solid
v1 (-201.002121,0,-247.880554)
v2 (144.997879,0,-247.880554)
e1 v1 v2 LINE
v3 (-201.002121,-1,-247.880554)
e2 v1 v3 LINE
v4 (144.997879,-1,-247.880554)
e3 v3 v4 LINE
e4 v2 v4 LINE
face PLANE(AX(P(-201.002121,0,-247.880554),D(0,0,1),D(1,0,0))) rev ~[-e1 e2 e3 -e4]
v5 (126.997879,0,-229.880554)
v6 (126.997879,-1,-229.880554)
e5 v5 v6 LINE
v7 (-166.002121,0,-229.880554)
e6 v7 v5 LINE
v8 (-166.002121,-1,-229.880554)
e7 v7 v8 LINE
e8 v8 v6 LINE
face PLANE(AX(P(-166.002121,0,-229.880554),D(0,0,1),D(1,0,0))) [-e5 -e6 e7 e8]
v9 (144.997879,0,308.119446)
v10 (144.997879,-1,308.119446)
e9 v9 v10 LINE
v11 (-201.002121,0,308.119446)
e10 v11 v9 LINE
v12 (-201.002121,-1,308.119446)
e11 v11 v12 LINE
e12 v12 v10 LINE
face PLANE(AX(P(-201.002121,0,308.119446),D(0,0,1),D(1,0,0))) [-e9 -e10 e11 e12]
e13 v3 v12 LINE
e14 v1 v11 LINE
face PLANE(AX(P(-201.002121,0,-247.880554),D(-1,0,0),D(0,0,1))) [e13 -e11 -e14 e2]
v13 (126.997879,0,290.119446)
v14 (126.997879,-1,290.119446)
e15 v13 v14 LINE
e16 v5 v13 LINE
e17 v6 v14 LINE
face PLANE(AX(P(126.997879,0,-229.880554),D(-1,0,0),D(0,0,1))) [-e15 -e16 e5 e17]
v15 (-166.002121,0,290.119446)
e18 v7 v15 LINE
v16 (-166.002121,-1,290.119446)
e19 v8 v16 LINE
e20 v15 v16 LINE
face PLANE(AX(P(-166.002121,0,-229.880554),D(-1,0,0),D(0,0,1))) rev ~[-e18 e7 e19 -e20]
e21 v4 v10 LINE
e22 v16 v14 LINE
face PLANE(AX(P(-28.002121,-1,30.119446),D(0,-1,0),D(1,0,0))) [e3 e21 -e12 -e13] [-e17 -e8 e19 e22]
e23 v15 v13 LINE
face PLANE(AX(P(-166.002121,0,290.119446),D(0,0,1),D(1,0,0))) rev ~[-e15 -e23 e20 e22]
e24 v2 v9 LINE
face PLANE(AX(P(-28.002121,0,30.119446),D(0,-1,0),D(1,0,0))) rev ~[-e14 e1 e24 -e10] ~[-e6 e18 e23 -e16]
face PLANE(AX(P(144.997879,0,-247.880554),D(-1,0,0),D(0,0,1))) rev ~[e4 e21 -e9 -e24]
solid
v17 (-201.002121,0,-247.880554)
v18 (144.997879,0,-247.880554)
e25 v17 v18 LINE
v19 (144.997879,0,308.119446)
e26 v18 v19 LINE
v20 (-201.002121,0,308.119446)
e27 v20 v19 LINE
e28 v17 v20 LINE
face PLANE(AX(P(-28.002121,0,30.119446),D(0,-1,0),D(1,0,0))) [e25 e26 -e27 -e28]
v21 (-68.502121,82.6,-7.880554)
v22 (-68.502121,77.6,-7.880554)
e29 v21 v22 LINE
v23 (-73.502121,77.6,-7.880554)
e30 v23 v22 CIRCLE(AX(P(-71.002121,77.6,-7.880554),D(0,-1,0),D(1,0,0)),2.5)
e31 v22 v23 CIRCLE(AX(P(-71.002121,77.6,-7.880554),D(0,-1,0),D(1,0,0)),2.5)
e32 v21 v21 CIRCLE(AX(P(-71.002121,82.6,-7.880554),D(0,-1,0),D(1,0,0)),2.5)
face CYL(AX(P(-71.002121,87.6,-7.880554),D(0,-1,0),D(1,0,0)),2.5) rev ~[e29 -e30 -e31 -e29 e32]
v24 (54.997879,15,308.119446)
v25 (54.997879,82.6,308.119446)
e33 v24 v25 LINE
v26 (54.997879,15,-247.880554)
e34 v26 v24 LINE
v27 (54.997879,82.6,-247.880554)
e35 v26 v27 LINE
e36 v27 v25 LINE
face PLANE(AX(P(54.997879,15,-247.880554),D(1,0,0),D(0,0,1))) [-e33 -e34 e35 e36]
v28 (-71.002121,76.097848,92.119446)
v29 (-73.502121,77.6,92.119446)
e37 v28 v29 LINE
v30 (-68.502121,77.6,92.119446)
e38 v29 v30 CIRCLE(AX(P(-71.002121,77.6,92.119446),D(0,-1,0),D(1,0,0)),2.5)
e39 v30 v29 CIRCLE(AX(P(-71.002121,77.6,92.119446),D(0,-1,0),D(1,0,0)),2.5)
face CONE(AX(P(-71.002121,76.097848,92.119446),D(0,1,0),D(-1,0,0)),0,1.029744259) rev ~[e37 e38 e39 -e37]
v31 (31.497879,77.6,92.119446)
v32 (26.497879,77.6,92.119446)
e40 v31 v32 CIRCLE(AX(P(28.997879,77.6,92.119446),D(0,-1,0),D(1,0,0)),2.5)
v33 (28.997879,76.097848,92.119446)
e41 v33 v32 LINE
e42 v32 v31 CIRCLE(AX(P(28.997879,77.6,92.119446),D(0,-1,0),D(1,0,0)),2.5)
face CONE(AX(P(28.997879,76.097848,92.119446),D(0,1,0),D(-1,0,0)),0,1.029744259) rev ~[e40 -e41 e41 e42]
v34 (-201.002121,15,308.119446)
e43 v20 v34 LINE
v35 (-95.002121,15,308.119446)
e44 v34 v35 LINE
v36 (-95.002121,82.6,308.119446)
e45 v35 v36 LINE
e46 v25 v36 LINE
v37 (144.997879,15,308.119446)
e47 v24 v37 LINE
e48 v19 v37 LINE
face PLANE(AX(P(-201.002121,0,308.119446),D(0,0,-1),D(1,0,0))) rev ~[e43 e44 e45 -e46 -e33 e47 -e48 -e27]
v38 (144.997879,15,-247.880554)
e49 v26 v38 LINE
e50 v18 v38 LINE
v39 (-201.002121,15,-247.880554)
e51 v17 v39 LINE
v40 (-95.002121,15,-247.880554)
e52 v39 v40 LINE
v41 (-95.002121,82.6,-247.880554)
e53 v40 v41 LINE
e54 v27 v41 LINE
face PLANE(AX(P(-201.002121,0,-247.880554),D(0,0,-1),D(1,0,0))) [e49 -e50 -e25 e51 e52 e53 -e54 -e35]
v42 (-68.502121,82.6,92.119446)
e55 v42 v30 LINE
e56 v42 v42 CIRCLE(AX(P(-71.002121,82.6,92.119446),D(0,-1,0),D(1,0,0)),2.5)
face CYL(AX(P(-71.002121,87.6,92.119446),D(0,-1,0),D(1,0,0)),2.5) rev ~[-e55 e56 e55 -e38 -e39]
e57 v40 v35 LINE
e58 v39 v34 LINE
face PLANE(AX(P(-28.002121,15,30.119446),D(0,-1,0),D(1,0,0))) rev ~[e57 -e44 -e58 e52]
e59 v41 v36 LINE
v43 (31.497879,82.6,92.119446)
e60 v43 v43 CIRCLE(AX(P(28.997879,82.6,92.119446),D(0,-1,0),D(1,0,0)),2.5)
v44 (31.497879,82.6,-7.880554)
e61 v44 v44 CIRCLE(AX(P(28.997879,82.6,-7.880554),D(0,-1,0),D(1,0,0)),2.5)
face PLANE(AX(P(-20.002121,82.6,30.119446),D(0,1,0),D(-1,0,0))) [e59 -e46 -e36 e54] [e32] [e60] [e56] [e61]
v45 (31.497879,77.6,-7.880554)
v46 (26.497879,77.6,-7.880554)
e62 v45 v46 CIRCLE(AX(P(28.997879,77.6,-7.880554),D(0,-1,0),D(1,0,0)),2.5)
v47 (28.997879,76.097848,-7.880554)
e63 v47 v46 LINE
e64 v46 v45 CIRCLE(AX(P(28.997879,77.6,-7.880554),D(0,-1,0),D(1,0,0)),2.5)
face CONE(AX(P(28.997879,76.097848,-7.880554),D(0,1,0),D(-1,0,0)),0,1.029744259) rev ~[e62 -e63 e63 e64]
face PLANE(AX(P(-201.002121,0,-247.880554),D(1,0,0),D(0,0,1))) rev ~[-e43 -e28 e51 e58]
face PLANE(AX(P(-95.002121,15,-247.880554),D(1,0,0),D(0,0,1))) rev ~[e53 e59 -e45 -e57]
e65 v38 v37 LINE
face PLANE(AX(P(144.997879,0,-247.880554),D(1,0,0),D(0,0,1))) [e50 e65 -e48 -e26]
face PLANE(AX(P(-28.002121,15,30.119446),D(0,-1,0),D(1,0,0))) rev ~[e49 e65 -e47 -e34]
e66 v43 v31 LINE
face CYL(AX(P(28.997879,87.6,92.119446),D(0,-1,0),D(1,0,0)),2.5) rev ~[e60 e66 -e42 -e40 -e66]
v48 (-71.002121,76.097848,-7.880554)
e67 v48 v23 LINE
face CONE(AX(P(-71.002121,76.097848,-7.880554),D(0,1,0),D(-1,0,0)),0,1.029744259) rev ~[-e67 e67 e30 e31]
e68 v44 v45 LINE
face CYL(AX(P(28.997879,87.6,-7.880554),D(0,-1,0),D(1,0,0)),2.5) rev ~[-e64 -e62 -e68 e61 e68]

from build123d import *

# Parameters (mm, degrees)
F2_W     = 346
F2_H     = 556
F3_DEPTH = 15
F4_W     = 150
F4_H     = 556
F5_DEPTH = 67.6
F7_D     = 5
F7_DEPTH = 5
F7_TIP   = 1.5021515476
F8_W     = 346
F8_H     = 556
F8_W_2   = 293
F8_H_2   = 520
F9_DEPTH = 1


with BuildPart() as f3:
    # F2 (on Front) → F3 (new body)
    with BuildSketch(Plane.XZ):
        with Locations((-28.0021212956, 30.1194461733)):
            Rectangle(F2_W, F2_H)
    extrude(amount=-F3_DEPTH)

    # F4 (on face) → F5 (join)
    with BuildSketch(Plane(origin=(0, 15, 0), x_dir=(-1, 0, 0), z_dir=(0, 1, 0))):
        with Locations((20.0021212956, 30.1194461733)):
            Rectangle(F4_W, F4_H)
    extrude(amount=F5_DEPTH)

    # F7
    with Locations(Plane(origin=(0, 82.6, 0), x_dir=(-1, 0, 0), z_dir=(0, 1, 0))):
        with Locations((-28.9978787044, 92.1194461733), (71.0021212956, 92.1194461733), (71.0021212956, -7.8805538267), (-28.9978787044, -7.8805538267)):
            Hole(F7_D / 2, depth=F7_DEPTH)
            with Locations((0, 0, -(F7_DEPTH + F7_TIP / 2))):  # 118° drill point
                Cone(0, F7_D / 2, F7_TIP, mode=Mode.SUBTRACT)


with BuildPart() as f9:
    # F8 (on face) → F9 (new body)
    with BuildSketch(Plane.XZ):
        with Locations((-28.0021212956, 30.1194461733)):
            Rectangle(F8_W, F8_H)
        with Locations((-19.5021212956, 30.1194461733)):
            Rectangle(F8_W_2, F8_H_2, mode=Mode.SUBTRACT)
    extrude(amount=F9_DEPTH)


solid = Compound([f3.part, f9.part])
